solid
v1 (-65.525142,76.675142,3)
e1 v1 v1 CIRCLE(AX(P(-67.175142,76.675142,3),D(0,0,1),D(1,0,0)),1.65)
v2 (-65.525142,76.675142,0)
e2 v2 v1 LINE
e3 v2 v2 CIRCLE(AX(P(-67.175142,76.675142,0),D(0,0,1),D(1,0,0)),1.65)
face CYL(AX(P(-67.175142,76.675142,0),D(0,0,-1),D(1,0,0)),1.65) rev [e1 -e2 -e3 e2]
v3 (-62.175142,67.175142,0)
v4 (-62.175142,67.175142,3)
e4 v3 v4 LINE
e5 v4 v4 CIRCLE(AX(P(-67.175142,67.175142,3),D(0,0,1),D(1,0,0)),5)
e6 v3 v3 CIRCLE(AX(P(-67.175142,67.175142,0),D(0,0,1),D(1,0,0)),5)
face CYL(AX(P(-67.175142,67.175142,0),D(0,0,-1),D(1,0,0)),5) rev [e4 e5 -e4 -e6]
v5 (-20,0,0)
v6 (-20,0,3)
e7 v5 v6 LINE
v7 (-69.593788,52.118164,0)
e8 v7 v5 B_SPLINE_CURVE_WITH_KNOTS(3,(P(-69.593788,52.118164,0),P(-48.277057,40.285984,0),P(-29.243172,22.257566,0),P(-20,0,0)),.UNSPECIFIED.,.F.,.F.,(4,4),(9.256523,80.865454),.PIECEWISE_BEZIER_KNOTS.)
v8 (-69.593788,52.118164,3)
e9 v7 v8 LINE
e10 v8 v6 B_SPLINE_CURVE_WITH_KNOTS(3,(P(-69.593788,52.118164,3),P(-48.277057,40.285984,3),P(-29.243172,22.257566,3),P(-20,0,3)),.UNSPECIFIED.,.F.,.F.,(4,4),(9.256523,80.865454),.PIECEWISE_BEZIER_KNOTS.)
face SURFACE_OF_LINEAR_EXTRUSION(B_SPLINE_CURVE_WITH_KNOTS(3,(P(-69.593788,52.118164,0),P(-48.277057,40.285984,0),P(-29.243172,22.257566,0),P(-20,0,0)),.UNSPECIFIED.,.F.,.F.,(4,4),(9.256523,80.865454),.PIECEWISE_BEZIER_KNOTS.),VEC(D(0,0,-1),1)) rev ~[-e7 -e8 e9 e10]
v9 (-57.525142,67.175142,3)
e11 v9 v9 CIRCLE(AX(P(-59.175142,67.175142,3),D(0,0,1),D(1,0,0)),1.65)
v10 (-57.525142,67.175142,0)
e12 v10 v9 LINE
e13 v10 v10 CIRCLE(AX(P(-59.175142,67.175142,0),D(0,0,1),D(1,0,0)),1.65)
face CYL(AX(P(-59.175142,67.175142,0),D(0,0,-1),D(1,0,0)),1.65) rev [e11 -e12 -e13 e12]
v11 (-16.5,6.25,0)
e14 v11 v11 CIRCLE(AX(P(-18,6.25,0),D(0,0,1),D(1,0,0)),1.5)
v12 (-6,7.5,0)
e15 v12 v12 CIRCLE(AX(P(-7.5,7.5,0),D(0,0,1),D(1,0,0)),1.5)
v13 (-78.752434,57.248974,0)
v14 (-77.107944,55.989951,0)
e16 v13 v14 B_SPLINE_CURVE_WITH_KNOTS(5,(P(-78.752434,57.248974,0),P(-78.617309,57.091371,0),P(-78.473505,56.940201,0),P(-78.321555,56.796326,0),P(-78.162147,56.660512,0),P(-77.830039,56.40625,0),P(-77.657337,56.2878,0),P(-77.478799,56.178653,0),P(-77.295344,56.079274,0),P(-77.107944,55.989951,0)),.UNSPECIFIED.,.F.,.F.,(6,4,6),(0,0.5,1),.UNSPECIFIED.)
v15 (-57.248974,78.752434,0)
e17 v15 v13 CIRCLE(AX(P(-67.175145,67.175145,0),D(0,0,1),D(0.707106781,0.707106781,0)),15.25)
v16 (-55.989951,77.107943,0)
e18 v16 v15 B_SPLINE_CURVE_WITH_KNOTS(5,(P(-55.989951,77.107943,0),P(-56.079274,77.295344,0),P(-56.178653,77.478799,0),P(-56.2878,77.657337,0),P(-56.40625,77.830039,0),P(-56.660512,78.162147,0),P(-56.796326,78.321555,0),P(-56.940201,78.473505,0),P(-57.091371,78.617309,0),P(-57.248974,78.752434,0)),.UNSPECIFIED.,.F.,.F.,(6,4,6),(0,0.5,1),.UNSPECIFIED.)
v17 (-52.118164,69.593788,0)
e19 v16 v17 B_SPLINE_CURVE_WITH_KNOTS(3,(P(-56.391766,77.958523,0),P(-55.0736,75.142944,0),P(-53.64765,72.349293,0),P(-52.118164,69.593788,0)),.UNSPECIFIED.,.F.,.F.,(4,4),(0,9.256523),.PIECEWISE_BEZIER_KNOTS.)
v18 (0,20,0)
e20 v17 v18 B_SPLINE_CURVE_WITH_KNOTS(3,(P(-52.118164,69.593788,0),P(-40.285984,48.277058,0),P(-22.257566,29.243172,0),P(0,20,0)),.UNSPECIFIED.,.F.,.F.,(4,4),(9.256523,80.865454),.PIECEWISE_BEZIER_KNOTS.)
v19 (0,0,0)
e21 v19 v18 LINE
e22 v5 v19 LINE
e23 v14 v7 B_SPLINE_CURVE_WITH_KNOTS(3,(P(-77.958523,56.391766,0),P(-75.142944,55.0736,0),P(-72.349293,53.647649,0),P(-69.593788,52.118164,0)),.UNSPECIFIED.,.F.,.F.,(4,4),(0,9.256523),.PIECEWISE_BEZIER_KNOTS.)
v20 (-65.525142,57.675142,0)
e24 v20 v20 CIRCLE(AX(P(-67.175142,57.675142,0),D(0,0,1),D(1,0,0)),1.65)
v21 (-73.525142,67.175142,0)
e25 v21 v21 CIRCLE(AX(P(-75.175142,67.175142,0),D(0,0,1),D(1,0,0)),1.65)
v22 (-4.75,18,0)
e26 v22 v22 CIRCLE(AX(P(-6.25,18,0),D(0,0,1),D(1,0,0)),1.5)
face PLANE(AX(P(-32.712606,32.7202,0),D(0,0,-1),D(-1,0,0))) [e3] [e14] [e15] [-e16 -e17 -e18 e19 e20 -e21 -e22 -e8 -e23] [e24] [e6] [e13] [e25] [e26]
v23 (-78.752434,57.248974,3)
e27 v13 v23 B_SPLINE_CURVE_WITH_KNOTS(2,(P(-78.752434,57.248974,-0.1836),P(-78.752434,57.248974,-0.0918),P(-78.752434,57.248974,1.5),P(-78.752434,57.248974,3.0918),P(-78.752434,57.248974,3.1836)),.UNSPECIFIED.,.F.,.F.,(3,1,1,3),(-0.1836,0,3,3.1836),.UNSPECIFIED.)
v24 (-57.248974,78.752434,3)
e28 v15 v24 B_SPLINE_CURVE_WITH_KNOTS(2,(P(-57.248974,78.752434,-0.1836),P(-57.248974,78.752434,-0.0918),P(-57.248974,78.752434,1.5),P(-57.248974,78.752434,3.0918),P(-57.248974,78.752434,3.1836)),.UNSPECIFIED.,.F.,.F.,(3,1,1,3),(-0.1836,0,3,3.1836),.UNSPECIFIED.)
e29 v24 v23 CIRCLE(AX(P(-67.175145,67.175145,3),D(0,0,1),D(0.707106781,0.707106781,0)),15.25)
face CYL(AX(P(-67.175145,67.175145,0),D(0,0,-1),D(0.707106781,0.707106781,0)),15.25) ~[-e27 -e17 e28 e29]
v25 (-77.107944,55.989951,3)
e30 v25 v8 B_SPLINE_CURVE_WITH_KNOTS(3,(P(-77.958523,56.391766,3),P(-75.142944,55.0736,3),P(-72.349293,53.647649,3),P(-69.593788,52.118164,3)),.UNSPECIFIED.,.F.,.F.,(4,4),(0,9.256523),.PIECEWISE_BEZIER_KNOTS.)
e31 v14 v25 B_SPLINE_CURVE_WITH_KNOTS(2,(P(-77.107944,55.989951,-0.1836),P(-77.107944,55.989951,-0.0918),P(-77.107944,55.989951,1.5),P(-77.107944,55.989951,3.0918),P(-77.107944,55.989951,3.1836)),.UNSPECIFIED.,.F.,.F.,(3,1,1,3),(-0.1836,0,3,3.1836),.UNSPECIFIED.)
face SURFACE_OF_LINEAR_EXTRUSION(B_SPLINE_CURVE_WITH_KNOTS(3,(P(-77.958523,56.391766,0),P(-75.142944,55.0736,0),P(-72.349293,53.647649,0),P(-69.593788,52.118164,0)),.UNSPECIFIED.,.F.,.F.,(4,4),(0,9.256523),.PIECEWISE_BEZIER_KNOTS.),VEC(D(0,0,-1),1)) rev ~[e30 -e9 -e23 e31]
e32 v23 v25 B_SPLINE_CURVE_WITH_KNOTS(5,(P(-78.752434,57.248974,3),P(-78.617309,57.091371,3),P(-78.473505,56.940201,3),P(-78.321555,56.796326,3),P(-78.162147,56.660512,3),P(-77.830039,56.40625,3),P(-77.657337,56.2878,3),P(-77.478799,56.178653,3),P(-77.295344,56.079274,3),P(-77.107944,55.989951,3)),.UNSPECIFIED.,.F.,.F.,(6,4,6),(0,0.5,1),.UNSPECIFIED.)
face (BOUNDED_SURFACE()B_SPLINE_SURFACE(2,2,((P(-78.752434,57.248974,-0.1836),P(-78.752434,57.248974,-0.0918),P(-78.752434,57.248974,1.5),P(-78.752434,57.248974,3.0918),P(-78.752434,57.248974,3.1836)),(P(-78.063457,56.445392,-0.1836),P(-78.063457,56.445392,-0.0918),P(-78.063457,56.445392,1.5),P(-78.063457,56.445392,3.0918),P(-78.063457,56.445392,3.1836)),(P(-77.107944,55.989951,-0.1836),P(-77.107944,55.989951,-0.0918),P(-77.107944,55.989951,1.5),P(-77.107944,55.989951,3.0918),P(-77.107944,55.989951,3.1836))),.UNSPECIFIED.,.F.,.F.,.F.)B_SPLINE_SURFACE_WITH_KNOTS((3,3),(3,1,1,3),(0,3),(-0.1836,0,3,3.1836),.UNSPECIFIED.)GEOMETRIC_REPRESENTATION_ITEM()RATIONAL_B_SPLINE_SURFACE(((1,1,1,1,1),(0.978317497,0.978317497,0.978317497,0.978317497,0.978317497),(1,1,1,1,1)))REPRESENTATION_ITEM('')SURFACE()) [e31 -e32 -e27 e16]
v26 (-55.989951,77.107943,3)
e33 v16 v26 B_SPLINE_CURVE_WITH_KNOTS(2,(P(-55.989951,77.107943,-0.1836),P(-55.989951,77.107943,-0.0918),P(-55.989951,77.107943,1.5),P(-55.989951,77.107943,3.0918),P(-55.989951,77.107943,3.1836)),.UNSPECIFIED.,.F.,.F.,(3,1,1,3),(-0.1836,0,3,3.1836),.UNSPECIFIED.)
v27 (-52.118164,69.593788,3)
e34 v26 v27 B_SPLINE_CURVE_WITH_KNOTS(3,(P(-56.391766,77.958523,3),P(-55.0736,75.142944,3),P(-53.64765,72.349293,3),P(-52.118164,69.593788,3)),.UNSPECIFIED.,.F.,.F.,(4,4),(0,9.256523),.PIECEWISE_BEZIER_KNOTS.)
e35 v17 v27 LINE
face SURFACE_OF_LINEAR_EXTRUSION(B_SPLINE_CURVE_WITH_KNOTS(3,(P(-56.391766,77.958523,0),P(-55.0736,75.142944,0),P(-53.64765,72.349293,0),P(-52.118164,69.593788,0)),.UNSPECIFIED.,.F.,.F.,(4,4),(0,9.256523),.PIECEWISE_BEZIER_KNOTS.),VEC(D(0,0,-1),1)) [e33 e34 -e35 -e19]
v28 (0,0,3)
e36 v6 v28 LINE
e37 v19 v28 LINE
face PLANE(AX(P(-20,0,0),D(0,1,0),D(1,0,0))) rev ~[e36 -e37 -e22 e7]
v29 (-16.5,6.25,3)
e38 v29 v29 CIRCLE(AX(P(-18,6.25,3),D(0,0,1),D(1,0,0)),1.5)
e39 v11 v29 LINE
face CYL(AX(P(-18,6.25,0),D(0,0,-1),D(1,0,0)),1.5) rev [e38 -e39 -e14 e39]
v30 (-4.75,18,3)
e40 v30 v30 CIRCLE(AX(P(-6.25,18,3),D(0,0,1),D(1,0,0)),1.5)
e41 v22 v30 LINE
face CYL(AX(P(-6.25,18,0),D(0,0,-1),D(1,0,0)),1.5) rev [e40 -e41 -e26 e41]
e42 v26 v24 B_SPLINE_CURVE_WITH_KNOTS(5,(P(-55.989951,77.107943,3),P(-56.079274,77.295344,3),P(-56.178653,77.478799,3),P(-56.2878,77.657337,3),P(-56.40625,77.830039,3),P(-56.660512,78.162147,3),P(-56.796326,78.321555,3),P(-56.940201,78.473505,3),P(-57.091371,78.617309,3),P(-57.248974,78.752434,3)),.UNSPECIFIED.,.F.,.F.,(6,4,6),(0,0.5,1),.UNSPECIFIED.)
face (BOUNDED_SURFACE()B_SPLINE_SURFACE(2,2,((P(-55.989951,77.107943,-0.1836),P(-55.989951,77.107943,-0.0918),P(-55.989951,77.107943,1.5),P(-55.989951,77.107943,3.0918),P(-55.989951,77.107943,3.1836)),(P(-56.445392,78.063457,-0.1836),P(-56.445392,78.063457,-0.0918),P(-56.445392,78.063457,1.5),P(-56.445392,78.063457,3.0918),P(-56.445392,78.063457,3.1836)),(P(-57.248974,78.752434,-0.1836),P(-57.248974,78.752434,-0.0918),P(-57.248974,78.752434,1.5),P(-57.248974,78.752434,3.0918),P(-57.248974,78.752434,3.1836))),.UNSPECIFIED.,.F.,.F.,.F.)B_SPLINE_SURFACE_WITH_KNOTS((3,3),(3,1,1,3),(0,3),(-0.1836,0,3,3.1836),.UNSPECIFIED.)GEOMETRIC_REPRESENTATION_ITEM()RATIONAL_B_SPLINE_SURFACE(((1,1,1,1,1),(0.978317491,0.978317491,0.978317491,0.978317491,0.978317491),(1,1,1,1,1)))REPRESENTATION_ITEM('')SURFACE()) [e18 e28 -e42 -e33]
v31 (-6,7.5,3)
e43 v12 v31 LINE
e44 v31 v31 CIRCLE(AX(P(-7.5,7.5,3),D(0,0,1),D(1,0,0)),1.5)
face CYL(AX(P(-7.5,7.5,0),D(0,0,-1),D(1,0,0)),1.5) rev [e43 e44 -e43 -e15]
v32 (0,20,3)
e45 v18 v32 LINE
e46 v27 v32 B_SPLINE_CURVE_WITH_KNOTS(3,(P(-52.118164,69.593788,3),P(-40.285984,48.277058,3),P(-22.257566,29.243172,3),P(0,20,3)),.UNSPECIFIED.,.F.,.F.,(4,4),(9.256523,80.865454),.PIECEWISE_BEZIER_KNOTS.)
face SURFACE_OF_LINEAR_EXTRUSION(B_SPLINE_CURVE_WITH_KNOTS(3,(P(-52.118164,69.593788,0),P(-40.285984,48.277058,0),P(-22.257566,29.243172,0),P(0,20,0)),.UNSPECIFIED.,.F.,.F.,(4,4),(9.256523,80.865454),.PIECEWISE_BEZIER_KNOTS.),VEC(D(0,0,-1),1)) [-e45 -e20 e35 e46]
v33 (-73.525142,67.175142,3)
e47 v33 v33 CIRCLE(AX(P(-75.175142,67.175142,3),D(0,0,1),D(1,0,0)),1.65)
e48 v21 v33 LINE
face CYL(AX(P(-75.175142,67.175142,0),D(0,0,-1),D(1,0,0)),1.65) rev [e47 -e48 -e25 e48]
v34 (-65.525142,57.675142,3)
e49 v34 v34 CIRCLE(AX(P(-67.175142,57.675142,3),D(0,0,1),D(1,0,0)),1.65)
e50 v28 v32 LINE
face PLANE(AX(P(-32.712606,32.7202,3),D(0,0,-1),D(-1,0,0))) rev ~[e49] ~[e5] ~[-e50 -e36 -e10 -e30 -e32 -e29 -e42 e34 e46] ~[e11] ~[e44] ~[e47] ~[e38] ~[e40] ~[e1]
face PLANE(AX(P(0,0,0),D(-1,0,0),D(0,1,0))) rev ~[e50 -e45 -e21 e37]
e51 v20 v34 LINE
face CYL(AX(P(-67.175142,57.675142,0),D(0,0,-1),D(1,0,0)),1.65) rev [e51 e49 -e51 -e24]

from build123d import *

# Parameters (mm, degrees)
F0_R     = 1.5
F0_R_2   = 1.65
F0_R_3   = 5
F1_DEPTH = 3
F2_R     = 5


with BuildPart() as f1:
    # F0 (on Top) → F1 (new body)
    with BuildSketch(Plane.XY):
        with BuildLine():
            add(Edge.make_bspline(
                [(-52.118164, 69.593788), (-40.285984, 48.277058), (-22.257566, 29.243172), (0, 20)],
                knots=[9.256523, 9.256523, 9.256523, 9.256523, 80.865454, 80.865454, 80.865454, 80.865454], degree=3))
            ThreePointArc((-52.118164, 69.593788), (-51.973476, 68.388311), (-51.925144, 67.175144))
            ThreePointArc((-51.925144, 67.175144), (-57.28378, 55.568103), (-69.593788, 52.118164))
            add(Edge.make_bspline(
                [(-69.593788, 52.118164), (-48.277057, 40.285984), (-29.243172, 22.257566), (-20, 0)],
                knots=[9.256523, 9.256523, 9.256523, 9.256523, 80.865454, 80.865454, 80.865454, 80.865454], degree=3))
            Line((-20, 0), (0, 0))
            Line((0, 0), (0, 20))
        make_face()
        with Locations((-18, 6.25)):
            Circle(F0_R, mode=Mode.SUBTRACT)
        with Locations((-7.5, 7.5)):
            Circle(F0_R, mode=Mode.SUBTRACT)
        with Locations((-6.25, 18)):
            Circle(F0_R, mode=Mode.SUBTRACT)
        with BuildLine():
            add(Edge.make_bspline(
                [(-56.391766, 77.958523), (-55.0736, 75.142944), (-53.64765, 72.349293), (-52.118164, 69.593788)],
                knots=[0, 0, 0, 0, 9.256523, 9.256523, 9.256523, 9.256523], degree=3))
            ThreePointArc((-56.391766, 77.958523), (-77.958523, 77.958523), (-77.958523, 56.391766))
            add(Edge.make_bspline(
                [(-77.958523, 56.391766), (-75.142944, 55.0736), (-72.349293, 53.647649), (-69.593788, 52.118164)],
                knots=[0, 0, 0, 0, 9.256523, 9.256523, 9.256523, 9.256523], degree=3))
            ThreePointArc((-69.593788, 52.118164), (-57.28378, 55.568103), (-51.925144, 67.175144))
            ThreePointArc((-51.925144, 67.175144), (-51.973476, 68.388311), (-52.118164, 69.593788))
        make_face()
        with Locations((-67.175142, 57.675142)):
            Circle(F0_R_2, mode=Mode.SUBTRACT)
        with Locations((-75.175142, 67.175142)):
            Circle(F0_R_2, mode=Mode.SUBTRACT)
        with Locations((-67.175142, 67.175142)):
            Circle(F0_R_3, mode=Mode.SUBTRACT)
        with Locations((-67.175142, 76.675142)):
            Circle(F0_R_2, mode=Mode.SUBTRACT)
        with Locations((-59.175142, 67.175142)):
            Circle(F0_R_2, mode=Mode.SUBTRACT)
    extrude(amount=F1_DEPTH)

    # F2
    f2_edges = [f1.edges().sort_by_distance(p)[0] for p in [
        (-56.391766, 77.958523, 1.5),
        (-77.958523, 56.391766, 1.5),
    ]]
    fillet(f2_edges, radius=F2_R)


solid = f1.part
